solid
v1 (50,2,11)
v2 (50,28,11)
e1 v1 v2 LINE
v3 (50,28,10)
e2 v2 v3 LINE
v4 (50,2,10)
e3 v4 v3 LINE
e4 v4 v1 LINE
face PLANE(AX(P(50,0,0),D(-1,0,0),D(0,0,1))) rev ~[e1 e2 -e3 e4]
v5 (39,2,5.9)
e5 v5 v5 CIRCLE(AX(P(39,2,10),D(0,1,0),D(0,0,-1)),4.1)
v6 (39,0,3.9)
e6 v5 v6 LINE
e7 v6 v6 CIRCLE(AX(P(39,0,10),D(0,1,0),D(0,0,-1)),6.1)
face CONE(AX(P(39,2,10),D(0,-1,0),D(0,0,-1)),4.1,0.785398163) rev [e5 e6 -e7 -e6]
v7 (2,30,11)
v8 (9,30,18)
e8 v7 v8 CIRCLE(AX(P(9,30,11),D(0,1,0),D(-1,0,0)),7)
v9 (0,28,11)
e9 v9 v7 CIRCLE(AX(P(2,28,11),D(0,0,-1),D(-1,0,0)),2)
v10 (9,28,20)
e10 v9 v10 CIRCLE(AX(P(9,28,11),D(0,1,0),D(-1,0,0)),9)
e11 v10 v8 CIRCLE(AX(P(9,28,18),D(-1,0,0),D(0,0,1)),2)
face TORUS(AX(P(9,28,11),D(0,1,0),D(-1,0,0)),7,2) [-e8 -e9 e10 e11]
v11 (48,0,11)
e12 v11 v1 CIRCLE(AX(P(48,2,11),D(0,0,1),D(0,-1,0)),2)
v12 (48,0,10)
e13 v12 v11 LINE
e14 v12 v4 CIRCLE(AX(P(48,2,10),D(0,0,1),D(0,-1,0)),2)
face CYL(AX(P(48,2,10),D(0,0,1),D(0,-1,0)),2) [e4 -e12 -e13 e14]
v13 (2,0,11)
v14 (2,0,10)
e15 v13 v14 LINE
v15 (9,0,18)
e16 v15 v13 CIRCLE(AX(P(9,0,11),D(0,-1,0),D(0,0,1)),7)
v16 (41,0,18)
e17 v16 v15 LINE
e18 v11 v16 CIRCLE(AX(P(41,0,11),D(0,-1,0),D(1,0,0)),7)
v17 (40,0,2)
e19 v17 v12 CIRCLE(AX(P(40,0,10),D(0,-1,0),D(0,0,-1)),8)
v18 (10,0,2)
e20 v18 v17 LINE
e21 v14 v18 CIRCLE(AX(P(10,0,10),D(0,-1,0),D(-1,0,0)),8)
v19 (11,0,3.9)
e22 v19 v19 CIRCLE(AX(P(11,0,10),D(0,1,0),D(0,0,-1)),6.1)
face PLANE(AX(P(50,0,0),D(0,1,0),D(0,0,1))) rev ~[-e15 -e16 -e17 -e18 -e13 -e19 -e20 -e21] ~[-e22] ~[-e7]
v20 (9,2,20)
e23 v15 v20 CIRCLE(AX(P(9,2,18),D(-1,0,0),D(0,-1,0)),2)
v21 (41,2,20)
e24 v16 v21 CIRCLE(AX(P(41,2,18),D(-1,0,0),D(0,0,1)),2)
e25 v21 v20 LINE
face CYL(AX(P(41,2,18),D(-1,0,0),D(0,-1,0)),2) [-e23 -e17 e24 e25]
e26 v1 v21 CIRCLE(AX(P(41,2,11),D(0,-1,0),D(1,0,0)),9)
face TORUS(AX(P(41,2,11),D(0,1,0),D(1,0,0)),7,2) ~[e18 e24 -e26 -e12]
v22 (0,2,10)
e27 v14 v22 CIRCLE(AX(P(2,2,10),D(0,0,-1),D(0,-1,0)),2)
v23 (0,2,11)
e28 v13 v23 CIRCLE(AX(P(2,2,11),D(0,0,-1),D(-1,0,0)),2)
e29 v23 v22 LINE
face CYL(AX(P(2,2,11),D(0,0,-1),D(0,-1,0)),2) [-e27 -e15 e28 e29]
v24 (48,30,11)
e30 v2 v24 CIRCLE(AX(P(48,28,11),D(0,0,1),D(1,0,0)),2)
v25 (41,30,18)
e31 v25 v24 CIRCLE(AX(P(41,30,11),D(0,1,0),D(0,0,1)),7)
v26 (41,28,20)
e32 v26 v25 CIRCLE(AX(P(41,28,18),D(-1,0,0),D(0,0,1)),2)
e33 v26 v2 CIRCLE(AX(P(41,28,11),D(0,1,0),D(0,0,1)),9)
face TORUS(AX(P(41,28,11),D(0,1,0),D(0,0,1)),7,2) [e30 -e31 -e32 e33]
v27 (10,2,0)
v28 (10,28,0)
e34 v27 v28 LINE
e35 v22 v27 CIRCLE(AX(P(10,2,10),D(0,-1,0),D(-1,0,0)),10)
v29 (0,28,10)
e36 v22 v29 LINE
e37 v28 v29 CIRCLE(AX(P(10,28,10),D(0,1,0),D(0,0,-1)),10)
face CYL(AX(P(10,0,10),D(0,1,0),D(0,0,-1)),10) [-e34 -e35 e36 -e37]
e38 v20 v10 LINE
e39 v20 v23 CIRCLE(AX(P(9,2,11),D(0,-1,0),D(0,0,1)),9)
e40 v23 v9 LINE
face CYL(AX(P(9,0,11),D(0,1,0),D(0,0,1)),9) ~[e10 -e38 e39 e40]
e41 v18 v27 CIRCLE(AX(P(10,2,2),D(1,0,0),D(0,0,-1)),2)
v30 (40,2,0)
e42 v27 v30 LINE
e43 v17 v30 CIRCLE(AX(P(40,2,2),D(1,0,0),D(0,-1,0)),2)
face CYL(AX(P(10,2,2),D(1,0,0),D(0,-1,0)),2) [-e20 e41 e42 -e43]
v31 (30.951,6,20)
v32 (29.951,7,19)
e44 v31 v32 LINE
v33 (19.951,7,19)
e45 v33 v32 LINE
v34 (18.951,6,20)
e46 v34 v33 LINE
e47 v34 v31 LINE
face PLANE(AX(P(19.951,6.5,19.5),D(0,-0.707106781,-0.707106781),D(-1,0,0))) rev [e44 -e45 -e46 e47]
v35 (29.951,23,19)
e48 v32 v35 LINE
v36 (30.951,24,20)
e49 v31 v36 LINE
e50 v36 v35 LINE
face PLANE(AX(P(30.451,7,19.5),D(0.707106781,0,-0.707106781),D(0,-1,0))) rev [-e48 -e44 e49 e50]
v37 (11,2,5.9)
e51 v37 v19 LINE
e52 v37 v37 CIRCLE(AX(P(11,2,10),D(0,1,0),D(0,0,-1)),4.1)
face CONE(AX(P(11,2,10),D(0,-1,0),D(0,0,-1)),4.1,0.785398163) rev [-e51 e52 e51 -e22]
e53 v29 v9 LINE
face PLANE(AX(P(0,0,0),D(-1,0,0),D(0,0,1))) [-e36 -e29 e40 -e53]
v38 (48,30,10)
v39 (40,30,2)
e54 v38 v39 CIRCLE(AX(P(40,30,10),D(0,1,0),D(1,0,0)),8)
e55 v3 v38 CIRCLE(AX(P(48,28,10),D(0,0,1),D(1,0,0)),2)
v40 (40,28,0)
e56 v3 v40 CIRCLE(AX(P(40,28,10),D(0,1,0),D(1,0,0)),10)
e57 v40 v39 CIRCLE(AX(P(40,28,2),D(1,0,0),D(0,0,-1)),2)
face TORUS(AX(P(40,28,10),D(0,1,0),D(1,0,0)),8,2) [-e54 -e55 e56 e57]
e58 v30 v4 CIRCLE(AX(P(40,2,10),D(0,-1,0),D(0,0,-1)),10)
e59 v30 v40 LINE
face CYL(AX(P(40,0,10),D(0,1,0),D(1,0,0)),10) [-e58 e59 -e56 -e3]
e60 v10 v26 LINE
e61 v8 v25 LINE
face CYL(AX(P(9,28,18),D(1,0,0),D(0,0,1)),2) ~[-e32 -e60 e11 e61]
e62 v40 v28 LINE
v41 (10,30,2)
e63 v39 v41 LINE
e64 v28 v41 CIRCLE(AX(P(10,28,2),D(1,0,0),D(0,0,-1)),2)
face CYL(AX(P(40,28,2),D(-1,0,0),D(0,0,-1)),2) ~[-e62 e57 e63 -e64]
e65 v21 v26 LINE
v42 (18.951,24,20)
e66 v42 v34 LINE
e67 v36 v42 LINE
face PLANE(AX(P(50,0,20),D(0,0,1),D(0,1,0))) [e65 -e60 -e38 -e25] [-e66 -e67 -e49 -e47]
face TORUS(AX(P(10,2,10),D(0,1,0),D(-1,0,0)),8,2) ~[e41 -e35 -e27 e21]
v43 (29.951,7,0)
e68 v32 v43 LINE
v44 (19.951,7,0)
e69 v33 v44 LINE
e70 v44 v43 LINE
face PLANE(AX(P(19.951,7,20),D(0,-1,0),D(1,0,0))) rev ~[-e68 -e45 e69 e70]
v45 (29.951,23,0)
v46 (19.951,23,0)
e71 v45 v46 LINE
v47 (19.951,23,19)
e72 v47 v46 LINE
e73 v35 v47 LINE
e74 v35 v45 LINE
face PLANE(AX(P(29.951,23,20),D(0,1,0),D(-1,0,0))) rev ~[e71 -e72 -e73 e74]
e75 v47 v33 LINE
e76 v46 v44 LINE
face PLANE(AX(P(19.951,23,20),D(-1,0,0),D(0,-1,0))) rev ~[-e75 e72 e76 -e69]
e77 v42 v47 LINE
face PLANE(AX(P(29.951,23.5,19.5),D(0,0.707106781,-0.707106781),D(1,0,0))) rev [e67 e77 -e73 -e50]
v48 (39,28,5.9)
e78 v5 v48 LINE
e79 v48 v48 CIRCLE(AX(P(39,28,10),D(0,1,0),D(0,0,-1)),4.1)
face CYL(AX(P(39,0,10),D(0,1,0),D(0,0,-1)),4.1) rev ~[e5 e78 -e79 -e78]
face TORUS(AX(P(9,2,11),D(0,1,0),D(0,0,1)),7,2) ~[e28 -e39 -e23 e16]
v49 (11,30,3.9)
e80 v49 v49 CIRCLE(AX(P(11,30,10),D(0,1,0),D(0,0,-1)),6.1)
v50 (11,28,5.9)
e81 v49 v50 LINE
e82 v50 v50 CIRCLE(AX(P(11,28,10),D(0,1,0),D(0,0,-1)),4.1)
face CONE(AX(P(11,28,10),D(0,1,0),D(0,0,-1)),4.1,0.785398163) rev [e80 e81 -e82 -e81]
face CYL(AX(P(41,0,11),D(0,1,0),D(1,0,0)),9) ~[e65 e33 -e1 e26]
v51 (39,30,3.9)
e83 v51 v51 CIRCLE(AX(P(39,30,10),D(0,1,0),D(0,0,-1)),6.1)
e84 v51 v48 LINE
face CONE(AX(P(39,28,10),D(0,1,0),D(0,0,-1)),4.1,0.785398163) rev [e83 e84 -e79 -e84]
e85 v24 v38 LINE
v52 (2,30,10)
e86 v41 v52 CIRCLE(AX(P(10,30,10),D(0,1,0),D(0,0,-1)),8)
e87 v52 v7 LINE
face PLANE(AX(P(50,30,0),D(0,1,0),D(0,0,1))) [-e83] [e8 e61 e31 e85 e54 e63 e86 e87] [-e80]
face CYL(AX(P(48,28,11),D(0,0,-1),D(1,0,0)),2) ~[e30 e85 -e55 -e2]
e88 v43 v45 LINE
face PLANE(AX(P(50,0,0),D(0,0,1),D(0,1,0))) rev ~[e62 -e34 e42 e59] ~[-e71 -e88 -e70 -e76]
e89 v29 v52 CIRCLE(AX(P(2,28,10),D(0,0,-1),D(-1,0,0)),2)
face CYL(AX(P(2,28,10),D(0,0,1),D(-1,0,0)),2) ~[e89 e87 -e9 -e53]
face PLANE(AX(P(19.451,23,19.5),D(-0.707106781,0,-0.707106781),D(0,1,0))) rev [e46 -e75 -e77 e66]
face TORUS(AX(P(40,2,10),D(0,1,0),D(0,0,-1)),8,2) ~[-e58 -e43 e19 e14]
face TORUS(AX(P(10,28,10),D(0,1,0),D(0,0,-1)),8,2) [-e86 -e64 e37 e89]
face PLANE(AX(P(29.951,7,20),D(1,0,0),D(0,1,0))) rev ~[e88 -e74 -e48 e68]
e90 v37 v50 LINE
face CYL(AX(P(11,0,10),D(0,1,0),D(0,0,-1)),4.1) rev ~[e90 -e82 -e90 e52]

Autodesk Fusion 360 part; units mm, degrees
box "Grundkörper Quader1" add length 30 width 50 height 20 placed x (0, 1, 0) y (-1, 0, 0) z (0, 0, 1) at (50, 0, 0)
sketch "Skizze2" plane through (0, 0, 0) normal (0, -1, 0) x (1, 0, 0)
  line L0 (0, 20) -> (0, 0)
  line L1 (0, 0) -> (50, 0)
  line L2 (50, 0) -> (50, 20)
  line L3 (50, 20) -> (0, 20)
sketch "Skizze3" plane through (0, 0, 0) normal (0, -1, 0) x (1, 0, 0)
  circle A0 centre (11, 10) radius 4.1
  circle A1 centre (39, 10) radius 4.1
  line L0 (0, 20) -> (0, 0)
  line L1 (50, 0) -> (50, 20)
  line L2 (50, 20) -> (0, 20)
  line L3 (50, 0) -> (0, 0)
  dimension "d6" = 8.2
  dimension "d7" = 8.2
  dimension "d8" = 28
  dimension "d10" = 11
  dimension "d11" = 10
  dimension "d23" = 10
hole "Bohrung1" at (11, 0, 10) direction (0, 1, 0) diameter 8.2 depth 30 tip angle 118
sketch "Skizze4" plane through (0, 0, 0) normal (0, -1, 0) x (1, 0, 0)
hole "Bohrung2" at (39, 0, 10) direction (0, 1, 0) diameter 8.2 depth 30 tip angle 118
fillet "Abrundung1" radius 9 2 edges at (0, 15, 20) (50, 15, 20)
fillet "Abrundung2" radius 10 2 edges at (50, 15, 0) (0, 15, 0)
fillet "Abrundung3" radius 2 8 edges at (50, 0, 10.5) (47.0711, 0, 2.9289) (25, 0, 0) (2.9289, 0, 2.9289) (0, 0, 10.5) (2.636, 0, 17.364) (25, 0, 20) (47.364, 0, 17.364)
fillet "Abrundung4" radius 2 8 edges at (0, 30, 10.5) (2.9289, 30, 2.9289) (25, 30, 0) (47.0711, 30, 2.9289) (50, 30, 10.5) (47.364, 30, 17.364) (25, 30, 20) (2.636, 30, 17.364)
chamfer "Fase1" distance 2 angle 45 2 edges at (37.5174, 30, 13.8225) (9.5174, 30, 13.8225)
chamfer "Fase2" distance 2 angle 45 2 edges at (12.4826, 0, 13.8225) (40.4826, 0, 13.8225)
sketch "Skizze5" plane through (0, 0, 20) normal (0, 0, 1) x (-1, 0, 0)
  line L0 (-41, -28) -> (-9, -28)
  line L1 (-9, -28) -> (-9, -2)
  line L2 (-9, -2) -> (-41, -2)
  line L3 (-41, -2) -> (-41, -28)
  line L4 (-29.951, -7) -> (-29.951, -23)
  line L5 (-29.951, -23) -> (-19.951, -23)
  line L6 (-19.951, -23) -> (-19.951, -7)
  line L7 (-19.951, -7) -> (-29.951, -7)
extrude "Extrusion1" cut sketch "Skizze5" against normal blind 32 contours L4 L5 L6 L7
chamfer "Fase3" distance 1 angle 45 4 edges at (19.951, 15, 20) (29.951, 15, 20) (24.951, 7, 20) (24.951, 23, 20)
